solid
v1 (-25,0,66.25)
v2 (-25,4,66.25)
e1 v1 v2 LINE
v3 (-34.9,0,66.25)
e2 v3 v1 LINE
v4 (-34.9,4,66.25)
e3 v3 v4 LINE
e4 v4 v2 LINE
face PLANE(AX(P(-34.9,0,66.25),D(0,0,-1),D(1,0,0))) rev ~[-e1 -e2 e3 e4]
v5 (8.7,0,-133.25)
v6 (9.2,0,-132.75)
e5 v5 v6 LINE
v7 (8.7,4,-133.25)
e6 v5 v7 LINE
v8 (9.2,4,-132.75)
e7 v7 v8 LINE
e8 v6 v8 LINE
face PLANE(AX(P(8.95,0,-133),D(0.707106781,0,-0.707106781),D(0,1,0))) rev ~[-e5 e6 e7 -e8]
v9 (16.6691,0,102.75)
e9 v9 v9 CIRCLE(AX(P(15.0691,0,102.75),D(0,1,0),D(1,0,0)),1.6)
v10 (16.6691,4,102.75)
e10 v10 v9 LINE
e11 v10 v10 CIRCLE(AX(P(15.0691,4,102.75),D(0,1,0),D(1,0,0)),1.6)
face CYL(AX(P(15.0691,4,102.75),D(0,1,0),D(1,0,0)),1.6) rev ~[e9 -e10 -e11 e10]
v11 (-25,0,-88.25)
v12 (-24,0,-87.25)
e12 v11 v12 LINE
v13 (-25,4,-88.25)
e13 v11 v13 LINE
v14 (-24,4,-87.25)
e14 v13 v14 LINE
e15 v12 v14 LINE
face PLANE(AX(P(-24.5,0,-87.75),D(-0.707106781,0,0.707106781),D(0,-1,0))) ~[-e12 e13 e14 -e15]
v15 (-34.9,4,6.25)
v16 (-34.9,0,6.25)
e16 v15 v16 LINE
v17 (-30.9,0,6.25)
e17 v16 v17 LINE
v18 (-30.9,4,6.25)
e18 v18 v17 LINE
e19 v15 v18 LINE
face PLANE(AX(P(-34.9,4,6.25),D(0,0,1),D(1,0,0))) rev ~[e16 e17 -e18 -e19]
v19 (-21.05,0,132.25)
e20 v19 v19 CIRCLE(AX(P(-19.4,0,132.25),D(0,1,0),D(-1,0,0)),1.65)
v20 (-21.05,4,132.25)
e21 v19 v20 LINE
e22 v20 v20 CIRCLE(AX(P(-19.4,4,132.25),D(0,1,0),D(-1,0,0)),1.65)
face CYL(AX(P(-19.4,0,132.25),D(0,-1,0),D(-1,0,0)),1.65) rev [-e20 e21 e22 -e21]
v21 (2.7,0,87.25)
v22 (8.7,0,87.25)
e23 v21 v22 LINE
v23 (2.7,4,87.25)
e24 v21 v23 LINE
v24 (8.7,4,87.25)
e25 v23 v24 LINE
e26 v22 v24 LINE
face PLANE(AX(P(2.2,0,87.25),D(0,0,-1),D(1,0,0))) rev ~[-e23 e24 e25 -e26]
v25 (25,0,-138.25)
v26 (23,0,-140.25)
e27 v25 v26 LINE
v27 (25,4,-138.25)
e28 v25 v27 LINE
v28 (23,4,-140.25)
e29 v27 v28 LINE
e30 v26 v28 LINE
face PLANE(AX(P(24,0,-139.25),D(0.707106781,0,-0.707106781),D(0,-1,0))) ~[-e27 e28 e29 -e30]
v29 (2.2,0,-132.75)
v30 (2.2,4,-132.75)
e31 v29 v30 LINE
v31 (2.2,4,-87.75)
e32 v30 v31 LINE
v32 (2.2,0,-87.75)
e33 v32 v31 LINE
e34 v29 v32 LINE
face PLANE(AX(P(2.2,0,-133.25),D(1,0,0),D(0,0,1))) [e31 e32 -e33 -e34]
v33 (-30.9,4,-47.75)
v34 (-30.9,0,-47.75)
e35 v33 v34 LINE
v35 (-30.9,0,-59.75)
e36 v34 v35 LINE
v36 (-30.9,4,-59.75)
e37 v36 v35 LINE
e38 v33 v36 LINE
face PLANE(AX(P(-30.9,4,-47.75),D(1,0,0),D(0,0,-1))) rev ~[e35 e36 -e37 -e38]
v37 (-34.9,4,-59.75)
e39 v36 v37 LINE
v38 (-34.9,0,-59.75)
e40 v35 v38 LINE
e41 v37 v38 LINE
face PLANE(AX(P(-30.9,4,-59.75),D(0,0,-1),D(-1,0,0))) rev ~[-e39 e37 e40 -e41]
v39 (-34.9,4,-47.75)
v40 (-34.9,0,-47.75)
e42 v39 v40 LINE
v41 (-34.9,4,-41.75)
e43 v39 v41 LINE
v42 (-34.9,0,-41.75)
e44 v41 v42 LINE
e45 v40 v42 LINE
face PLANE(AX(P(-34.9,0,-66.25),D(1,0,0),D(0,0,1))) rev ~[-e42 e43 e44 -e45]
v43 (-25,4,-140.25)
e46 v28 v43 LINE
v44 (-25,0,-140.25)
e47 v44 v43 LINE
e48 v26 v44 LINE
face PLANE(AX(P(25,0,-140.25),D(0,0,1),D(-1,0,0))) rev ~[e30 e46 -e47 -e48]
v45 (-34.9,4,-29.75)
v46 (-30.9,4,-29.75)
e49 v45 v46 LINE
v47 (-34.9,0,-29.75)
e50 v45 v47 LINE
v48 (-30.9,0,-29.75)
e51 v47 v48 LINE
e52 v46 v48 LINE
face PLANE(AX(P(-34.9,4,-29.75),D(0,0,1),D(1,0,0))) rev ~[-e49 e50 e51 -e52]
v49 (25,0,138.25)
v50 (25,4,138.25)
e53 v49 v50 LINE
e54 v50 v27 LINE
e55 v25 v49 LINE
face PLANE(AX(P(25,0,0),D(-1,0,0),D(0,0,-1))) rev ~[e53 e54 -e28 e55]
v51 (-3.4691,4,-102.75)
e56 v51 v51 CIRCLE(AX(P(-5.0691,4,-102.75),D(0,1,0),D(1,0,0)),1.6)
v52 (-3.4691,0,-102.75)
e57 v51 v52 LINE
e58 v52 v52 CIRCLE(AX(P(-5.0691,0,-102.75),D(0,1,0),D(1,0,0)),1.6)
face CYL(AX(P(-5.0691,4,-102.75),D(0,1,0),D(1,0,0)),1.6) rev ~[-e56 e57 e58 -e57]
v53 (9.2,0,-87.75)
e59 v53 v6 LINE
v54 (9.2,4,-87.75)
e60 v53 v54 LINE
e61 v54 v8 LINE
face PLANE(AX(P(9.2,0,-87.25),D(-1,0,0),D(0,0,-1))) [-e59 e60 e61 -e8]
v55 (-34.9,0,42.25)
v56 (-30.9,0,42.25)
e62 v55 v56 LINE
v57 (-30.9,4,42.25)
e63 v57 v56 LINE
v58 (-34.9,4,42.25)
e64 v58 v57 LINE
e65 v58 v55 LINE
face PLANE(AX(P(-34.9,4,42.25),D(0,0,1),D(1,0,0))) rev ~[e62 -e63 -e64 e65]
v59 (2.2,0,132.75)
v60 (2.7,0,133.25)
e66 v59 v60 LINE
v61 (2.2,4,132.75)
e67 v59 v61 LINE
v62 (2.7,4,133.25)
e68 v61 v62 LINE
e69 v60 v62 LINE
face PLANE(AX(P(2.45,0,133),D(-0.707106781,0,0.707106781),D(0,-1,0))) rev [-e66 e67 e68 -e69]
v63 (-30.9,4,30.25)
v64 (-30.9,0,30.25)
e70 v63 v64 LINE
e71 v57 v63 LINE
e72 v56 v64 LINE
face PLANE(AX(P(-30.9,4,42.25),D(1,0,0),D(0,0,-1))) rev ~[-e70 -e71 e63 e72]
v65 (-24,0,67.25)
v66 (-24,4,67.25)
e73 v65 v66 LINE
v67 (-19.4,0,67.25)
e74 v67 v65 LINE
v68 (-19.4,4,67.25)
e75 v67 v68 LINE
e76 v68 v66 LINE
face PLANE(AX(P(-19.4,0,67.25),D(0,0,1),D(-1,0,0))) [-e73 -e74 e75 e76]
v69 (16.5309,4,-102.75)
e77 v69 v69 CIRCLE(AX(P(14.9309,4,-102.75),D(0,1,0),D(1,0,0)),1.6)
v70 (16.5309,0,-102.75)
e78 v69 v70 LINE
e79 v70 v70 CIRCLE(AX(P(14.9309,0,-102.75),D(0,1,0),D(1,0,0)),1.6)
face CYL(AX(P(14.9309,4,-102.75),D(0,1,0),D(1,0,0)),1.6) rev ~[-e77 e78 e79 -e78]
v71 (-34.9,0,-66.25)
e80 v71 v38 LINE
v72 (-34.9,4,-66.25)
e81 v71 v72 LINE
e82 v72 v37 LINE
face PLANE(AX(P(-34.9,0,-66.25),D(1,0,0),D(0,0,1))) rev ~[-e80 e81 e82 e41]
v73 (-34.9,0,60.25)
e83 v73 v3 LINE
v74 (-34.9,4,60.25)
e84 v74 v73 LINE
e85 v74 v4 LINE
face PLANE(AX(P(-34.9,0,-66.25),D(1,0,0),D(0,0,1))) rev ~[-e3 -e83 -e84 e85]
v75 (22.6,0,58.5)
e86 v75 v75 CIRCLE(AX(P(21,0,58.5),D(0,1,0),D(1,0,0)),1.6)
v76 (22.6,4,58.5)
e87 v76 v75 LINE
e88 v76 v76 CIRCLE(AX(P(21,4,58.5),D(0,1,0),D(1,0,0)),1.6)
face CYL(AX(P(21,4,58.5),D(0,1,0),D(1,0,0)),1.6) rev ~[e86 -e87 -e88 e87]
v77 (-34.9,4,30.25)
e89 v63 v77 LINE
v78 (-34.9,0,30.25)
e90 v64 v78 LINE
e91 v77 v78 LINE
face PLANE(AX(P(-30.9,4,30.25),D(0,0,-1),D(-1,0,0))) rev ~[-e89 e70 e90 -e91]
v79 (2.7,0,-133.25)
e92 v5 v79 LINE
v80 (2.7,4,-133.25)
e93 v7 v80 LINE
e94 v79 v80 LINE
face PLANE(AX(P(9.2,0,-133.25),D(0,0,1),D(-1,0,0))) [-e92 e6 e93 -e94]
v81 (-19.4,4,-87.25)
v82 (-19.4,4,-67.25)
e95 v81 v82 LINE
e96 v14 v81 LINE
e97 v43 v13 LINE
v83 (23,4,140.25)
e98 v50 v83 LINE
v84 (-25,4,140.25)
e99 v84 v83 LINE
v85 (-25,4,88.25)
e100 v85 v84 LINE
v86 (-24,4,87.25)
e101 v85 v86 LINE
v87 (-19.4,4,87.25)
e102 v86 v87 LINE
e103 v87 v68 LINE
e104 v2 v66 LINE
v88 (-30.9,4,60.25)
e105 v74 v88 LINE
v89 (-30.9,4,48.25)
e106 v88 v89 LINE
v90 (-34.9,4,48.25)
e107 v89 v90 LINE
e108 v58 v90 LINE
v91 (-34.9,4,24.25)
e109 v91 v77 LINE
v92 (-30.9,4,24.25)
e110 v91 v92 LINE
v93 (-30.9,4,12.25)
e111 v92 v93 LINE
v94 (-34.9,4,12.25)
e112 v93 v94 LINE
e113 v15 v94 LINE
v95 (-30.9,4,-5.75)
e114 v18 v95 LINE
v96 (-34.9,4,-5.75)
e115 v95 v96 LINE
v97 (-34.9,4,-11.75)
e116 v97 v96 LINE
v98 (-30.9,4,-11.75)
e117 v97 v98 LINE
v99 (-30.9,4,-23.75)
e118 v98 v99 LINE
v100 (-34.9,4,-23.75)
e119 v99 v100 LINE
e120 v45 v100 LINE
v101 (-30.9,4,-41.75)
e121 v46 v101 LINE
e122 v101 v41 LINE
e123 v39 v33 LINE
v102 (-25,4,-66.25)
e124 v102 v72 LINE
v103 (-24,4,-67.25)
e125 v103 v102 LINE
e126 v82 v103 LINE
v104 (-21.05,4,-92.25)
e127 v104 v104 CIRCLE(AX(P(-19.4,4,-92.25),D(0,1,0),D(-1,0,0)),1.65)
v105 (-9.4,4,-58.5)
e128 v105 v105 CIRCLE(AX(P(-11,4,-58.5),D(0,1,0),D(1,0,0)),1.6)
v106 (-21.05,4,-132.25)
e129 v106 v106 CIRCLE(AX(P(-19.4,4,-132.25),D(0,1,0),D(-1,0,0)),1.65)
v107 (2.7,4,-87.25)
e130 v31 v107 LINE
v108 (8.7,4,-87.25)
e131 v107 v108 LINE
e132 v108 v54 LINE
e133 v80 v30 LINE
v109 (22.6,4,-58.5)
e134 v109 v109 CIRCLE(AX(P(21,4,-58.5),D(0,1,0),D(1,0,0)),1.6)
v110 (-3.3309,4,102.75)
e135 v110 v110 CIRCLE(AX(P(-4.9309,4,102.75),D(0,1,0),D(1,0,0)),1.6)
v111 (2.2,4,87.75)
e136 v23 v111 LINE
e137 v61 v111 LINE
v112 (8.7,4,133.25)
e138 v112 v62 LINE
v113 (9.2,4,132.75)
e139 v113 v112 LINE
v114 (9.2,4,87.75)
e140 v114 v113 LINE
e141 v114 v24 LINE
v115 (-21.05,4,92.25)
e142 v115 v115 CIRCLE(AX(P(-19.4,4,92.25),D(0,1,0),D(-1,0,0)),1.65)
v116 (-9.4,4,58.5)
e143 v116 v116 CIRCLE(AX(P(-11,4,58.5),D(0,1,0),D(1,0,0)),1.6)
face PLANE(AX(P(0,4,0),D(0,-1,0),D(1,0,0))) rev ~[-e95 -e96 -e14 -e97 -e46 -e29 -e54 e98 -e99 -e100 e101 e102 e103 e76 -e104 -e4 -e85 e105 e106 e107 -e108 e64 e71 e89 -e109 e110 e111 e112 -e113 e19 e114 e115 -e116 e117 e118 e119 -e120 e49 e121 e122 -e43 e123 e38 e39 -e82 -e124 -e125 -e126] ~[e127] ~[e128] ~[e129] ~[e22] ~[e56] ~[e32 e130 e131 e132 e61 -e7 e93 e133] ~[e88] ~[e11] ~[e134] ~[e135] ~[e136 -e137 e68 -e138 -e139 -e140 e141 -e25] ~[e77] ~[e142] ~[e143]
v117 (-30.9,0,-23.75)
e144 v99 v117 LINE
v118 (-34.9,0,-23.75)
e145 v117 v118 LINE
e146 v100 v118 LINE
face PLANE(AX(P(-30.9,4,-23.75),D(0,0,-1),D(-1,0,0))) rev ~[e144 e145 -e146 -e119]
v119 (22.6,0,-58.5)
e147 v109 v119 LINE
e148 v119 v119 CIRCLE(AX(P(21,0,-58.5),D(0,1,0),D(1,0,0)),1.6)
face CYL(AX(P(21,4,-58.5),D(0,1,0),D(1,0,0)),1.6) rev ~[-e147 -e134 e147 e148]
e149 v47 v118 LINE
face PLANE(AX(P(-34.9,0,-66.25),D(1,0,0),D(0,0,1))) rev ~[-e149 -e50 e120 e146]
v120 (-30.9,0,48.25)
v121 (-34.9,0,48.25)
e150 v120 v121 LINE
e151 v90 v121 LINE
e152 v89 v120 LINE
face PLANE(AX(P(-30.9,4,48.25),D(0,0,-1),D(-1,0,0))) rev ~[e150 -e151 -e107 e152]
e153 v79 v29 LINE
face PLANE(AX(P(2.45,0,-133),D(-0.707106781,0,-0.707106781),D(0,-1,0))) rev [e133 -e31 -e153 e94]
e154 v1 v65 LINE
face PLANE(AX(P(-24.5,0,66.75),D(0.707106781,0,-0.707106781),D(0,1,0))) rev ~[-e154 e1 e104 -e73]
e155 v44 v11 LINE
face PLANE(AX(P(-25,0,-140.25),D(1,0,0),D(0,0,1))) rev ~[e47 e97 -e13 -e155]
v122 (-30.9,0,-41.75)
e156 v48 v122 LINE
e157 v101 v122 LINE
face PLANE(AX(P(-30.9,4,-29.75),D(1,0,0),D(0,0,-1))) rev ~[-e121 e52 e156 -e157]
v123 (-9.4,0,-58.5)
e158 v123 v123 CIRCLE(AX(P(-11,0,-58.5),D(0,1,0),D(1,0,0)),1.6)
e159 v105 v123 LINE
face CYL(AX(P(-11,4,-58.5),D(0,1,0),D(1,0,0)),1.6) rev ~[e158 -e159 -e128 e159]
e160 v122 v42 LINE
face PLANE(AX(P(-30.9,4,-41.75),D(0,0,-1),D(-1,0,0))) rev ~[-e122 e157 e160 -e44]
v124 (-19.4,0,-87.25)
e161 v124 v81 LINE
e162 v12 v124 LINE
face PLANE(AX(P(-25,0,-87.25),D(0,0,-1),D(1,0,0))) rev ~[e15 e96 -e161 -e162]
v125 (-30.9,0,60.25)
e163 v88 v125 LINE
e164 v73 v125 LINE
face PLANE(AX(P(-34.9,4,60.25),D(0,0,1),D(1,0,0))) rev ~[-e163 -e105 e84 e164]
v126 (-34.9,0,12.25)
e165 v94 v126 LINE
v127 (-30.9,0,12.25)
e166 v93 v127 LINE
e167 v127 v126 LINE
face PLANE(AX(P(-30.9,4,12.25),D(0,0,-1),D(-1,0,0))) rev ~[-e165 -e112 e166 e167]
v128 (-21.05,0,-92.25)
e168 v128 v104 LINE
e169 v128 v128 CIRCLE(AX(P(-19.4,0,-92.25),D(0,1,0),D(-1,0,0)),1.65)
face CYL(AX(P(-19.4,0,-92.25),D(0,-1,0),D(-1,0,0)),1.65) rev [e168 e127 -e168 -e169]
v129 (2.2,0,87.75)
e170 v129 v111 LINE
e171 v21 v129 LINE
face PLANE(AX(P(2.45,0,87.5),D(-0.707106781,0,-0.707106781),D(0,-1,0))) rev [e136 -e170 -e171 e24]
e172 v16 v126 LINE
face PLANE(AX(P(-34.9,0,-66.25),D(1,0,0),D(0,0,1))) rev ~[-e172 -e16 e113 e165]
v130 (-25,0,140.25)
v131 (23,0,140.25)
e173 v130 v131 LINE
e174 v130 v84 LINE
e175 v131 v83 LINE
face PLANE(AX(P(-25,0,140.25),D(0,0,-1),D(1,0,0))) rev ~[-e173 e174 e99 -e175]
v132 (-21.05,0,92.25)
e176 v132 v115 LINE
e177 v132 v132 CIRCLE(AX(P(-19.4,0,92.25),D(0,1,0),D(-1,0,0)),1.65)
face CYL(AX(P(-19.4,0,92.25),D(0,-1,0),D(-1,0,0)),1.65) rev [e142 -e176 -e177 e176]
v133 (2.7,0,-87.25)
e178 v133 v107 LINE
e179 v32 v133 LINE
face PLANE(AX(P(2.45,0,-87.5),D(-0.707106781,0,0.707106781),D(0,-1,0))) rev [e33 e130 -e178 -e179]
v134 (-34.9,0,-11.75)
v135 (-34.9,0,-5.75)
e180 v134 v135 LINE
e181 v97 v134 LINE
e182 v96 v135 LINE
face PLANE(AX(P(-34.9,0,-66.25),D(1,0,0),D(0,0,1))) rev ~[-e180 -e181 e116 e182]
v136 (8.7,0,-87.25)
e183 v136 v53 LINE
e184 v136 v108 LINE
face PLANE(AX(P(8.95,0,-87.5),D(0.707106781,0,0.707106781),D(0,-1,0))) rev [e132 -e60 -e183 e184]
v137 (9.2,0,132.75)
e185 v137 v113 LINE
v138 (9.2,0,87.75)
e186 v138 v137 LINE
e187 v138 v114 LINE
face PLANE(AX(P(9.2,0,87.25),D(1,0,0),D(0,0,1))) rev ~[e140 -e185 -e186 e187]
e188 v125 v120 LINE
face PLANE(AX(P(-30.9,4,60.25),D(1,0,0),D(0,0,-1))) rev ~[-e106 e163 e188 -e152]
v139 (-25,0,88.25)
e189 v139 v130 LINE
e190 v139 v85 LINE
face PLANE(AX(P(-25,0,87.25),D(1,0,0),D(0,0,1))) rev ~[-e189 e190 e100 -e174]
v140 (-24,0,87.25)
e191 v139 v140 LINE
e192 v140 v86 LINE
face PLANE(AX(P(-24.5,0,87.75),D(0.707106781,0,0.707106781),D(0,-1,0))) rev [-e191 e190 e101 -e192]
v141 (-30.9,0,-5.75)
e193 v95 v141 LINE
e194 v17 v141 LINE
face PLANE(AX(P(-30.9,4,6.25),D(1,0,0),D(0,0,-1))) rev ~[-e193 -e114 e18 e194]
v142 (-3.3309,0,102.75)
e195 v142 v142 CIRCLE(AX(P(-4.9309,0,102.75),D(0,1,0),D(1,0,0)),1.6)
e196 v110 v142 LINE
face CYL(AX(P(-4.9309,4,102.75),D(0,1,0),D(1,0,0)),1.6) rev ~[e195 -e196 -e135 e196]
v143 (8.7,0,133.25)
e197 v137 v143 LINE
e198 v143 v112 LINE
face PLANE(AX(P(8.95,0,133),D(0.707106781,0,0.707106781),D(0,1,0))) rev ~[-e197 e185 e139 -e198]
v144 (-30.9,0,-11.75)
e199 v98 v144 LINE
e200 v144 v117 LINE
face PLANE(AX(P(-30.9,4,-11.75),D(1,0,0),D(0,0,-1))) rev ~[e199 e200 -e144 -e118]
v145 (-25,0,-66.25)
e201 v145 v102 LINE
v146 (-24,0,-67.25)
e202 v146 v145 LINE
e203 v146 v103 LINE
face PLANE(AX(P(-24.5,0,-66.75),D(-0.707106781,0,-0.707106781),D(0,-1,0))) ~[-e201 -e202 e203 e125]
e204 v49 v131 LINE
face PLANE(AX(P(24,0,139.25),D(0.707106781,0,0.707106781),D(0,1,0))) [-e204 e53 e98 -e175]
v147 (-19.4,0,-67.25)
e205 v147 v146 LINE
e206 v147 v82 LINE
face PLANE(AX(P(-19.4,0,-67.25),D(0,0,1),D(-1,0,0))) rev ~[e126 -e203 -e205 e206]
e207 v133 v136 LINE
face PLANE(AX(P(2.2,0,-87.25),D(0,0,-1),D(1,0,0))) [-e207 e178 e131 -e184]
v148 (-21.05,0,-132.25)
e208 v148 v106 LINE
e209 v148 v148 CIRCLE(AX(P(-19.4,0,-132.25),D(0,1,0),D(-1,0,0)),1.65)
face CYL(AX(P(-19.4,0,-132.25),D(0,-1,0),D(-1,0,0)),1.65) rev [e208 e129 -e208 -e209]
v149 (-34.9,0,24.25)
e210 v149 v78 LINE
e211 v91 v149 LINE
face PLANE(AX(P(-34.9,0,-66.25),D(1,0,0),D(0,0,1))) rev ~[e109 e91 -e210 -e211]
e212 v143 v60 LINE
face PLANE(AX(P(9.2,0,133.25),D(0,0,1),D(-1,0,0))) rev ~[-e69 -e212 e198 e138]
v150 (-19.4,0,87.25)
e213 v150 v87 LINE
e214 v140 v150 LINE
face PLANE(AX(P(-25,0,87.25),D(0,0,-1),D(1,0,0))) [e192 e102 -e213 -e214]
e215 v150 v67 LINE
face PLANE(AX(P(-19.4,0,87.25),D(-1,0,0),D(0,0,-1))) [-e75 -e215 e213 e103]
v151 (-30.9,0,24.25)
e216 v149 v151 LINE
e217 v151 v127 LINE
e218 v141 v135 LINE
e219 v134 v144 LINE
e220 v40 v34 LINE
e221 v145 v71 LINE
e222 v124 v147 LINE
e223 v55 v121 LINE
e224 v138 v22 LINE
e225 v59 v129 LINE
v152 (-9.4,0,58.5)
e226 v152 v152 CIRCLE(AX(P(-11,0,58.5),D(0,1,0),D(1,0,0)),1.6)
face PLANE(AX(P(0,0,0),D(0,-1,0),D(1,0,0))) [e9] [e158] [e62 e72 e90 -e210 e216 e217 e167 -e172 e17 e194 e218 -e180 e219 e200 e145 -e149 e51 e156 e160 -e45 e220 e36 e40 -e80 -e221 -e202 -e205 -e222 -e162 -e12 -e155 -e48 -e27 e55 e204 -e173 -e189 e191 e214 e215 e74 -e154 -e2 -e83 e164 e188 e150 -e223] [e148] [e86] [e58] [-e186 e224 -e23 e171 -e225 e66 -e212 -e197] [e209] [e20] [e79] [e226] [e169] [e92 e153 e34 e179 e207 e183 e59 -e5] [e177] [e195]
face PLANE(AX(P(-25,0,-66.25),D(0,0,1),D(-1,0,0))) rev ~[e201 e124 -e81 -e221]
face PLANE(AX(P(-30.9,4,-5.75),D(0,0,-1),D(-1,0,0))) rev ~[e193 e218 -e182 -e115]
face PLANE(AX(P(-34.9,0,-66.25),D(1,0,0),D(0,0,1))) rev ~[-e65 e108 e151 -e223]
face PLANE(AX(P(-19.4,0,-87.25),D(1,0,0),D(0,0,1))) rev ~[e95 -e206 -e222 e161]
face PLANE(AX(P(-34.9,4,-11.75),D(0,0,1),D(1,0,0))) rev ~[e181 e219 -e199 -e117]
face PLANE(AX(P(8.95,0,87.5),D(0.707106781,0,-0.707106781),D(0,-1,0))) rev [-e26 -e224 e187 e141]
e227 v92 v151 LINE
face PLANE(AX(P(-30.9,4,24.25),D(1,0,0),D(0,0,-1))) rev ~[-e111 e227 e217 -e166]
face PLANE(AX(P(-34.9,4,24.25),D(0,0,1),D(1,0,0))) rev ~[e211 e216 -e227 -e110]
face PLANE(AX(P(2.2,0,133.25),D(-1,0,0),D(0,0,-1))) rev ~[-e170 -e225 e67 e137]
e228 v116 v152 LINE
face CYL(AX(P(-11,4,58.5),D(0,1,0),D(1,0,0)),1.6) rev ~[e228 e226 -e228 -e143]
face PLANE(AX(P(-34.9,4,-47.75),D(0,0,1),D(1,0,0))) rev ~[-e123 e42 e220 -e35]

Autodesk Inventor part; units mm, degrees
ref_plane "YZ Plane" through (0, 0, 0) normal (1, 0, 0) x (0, 1, 0)
ref_plane "XZ Plane" through (0, 0, 0) normal (0, 1, 0) x (-1, 0, 0)
ref_plane "XY Plane" through (0, 0, 0) normal (0, 0, 1) x (1, 0, 0)
sketch "Эскиз1" plane through (0, 0, 0) normal (0, 1, 0) x (-1, 0, 0)
  line L0 (-25, -140.25) -> (25, -140.25)
  line L1 (25, -140.25) -> (25, 140.25)
  line L2 (25, 140.25) -> (-25, 140.25)
  line L3 (-25, 140.25) -> (-25, -140.25)
  line L4 (-25, -140.25) -> (25, 140.25) construction
  line L5 (25, -140.25) -> (-25, 140.25) construction
  circle A0 centre (19.4, 132.25) radius 1.65
  circle A1 centre (19.4, 92.25) radius 1.65
  line L6 (-25, 0) -> (0, 0)
  line L7 (25, 87.25) -> (19.4, 87.25)
  line L8 (19.4, 87.25) -> (19.4, 67.25)
  line L9 (19.4, 67.25) -> (25, 67.25)
  line L10 (25, 67.25) -> (25, 87.25)
  line L11 (-9.2, 133.25) -> (-2.2, 133.25)
  line L12 (-2.2, 133.25) -> (-2.2, 87.25)
  line L13 (-2.2, 87.25) -> (-9.2, 87.25)
  line L14 (-9.2, 87.25) -> (-9.2, 133.25)
  circle A2 centre (19.4, -132.25) radius 1.65
  circle A3 centre (19.4, -92.25) radius 1.65
  line L15 (25, -87.25) -> (19.4, -87.25)
  line L16 (19.4, -87.25) -> (19.4, -67.25)
  line L17 (19.4, -67.25) -> (25, -67.25)
  line L18 (-9.2, -133.25) -> (-2.2, -133.25)
  line L19 (-2.2, -133.25) -> (-2.2, -87.25)
  line L20 (-2.2, -87.25) -> (-9.2, -87.25)
  line L21 (-9.2, -87.25) -> (-9.2, -133.25)
  point P0 (25, -87.25)
  point P1 (25, -67.25)
  dimension "d0" = 50
  dimension "d1" = 280.5
  dimension "d2" = 3.3
  dimension "d3" = 3.3
  dimension "d4" = 5.6
  dimension "d5" = 5.6
  dimension "d6" = 8
  dimension "d7" = 40
  dimension "d8" = 20
  dimension "d9" = 5
  dimension "d10" = 5.6
  dimension "d11" = 7
  dimension "d12" = 46
  dimension "d13" = 7
  dimension "d17" = 28.6
extrude "Выдавливание1" add sketch "Эскиз1" along normal blind 4 contours L3 L2 L1 L7 L8 L9 L17 L16 L15 L0
chamfer "Фаска1" distance 2 angle 45 2 edges at (25, 2, -140.25) (25, 2, 140.25)
chamfer "Фаска2" distance 0.5 angle 45 8 edges at (9.2, 2, 87.25) (2.2, 2, 87.25) (9.2, 2, 133.25) (2.2, 2, 133.25) (2.2, 2, -87.25) (2.2, 2, -133.25) (9.2, 2, -133.25) (9.2, 2, -87.25)
chamfer "Фаска3" distance 1 angle 45 4 edges at (-25, 2, -87.25) (-25, 2, -67.25) (-25, 2, 87.25) (-25, 2, 67.25)
sketch "Эскиз2" plane through (0, 0, 0) normal (0, -1, 0) x (1, 0, 0)
  line L0 (-25, -66.25) -> (-25, 66.25) projected
  line L1 (-25, -66.25) -> (-34.9, -66.25)
  line L2 (-34.9, -66.25) -> (-34.9, 66.25)
  line L3 (-34.9, 66.25) -> (-25, 66.25)
  line L4 (-25, 66.25) -> (-25, -66.25)
  point P0 (0, 0)
  dimension "d27" = 9.9
extrude "Выдавливание2" add sketch "Эскиз2" against normal blind 4
sketch "Эскиз3" plane through (0, 4, 0) normal (0, 1, 0) x (1, 0, 0)
  line L0 (-34.9, -66.25) -> (-34.9, 66.25) projected
  line L1 (-34.9, -60.25) -> (-30.9, -60.25)
  line L2 (-30.9, -60.25) -> (-30.9, -48.25)
  line L3 (-30.9, -48.25) -> (-34.9, -48.25)
  line L4 (-34.9, -48.25) -> (-34.9, -60.25)
  line L5 (-34.9, -66.25) -> (-25, -66.25) projected
  line L6 (-34.9, -42.25) -> (-30.9, -42.25)
  line L7 (-30.9, -42.25) -> (-30.9, -30.25)
  line L8 (-30.9, -30.25) -> (-34.9, -30.25)
  line L9 (-34.9, -30.25) -> (-34.9, -42.25)
  line L10 (-34.9, -24.25) -> (-30.9, -24.25)
  line L11 (-30.9, -24.25) -> (-30.9, -12.25)
  line L12 (-30.9, -12.25) -> (-34.9, -12.25)
  line L13 (-34.9, -12.25) -> (-34.9, -24.25)
  line L14 (-34.9, -6.25) -> (-30.9, -6.25)
  line L15 (-30.9, -6.25) -> (-30.9, 5.75)
  line L16 (-30.9, 5.75) -> (-34.9, 5.75)
  line L17 (-34.9, 5.75) -> (-34.9, -6.25)
  line L18 (-34.9, 11.75) -> (-30.9, 11.75)
  line L19 (-30.9, 11.75) -> (-30.9, 23.75)
  line L20 (-30.9, 23.75) -> (-34.9, 23.75)
  line L21 (-34.9, 23.75) -> (-34.9, 11.75)
  line L22 (-34.9, 29.75) -> (-30.9, 29.75)
  line L23 (-30.9, 29.75) -> (-30.9, 41.75)
  line L24 (-30.9, 41.75) -> (-34.9, 41.75)
  line L25 (-34.9, 41.75) -> (-34.9, 29.75)
  line L26 (-34.9, 47.75) -> (-30.9, 47.75)
  line L27 (-30.9, 47.75) -> (-30.9, 59.75)
  line L28 (-30.9, 59.75) -> (-34.9, 59.75)
  line L29 (-34.9, 59.75) -> (-34.9, 47.75)
  point P0 (0, 0)
  point P1 (-32.9, -60.25)
  point P2 (-32.9, -42.25)
  point P3 (-32.9, -24.25)
  point P4 (-32.9, -6.25)
  point P5 (-32.9, 11.75)
  point P6 (-32.9, 29.75)
  point P7 (-32.9, 47.75)
  dimension "d32" = 4
  dimension "d33" = 12
  dimension "d34" = 6
  dimension "d37" = 18
extrude "Выдавливание3" cut sketch "Эскиз3" against normal blind 4
sketch "Эскиз4" plane through (0, 4, 0) normal (0, 1, 0) x (1, 0, 0)
  circle A0 centre (-4.9309, -102.75) radius 1.6 projected
  circle A1 centre (15.0691, -102.75) radius 1.6 projected
  circle A2 centre (-5.0691, 102.75) radius 1.6 projected
  circle A3 centre (14.9309, 102.75) radius 1.6 projected
  point P0 (0, 0)
extrude "Выдавливание4" cut sketch "Эскиз4" against normal blind 10
sketch "Эскиз5" plane through (0, 4, 0) normal (0, 1, 0) x (1, 0, 0)
  circle A0 centre (21, -58.5) radius 1.6 projected
  circle A1 centre (-11, -58.5) radius 1.6 projected
  circle A2 centre (21, 58.5) radius 1.6 projected
  circle A3 centre (-11, 58.5) radius 1.6 projected
  point P0 (0, 0)
extrude "Выдавливание5" cut sketch "Эскиз5" against normal blind 10
properties part number "фанера_жлектроника_новая"
